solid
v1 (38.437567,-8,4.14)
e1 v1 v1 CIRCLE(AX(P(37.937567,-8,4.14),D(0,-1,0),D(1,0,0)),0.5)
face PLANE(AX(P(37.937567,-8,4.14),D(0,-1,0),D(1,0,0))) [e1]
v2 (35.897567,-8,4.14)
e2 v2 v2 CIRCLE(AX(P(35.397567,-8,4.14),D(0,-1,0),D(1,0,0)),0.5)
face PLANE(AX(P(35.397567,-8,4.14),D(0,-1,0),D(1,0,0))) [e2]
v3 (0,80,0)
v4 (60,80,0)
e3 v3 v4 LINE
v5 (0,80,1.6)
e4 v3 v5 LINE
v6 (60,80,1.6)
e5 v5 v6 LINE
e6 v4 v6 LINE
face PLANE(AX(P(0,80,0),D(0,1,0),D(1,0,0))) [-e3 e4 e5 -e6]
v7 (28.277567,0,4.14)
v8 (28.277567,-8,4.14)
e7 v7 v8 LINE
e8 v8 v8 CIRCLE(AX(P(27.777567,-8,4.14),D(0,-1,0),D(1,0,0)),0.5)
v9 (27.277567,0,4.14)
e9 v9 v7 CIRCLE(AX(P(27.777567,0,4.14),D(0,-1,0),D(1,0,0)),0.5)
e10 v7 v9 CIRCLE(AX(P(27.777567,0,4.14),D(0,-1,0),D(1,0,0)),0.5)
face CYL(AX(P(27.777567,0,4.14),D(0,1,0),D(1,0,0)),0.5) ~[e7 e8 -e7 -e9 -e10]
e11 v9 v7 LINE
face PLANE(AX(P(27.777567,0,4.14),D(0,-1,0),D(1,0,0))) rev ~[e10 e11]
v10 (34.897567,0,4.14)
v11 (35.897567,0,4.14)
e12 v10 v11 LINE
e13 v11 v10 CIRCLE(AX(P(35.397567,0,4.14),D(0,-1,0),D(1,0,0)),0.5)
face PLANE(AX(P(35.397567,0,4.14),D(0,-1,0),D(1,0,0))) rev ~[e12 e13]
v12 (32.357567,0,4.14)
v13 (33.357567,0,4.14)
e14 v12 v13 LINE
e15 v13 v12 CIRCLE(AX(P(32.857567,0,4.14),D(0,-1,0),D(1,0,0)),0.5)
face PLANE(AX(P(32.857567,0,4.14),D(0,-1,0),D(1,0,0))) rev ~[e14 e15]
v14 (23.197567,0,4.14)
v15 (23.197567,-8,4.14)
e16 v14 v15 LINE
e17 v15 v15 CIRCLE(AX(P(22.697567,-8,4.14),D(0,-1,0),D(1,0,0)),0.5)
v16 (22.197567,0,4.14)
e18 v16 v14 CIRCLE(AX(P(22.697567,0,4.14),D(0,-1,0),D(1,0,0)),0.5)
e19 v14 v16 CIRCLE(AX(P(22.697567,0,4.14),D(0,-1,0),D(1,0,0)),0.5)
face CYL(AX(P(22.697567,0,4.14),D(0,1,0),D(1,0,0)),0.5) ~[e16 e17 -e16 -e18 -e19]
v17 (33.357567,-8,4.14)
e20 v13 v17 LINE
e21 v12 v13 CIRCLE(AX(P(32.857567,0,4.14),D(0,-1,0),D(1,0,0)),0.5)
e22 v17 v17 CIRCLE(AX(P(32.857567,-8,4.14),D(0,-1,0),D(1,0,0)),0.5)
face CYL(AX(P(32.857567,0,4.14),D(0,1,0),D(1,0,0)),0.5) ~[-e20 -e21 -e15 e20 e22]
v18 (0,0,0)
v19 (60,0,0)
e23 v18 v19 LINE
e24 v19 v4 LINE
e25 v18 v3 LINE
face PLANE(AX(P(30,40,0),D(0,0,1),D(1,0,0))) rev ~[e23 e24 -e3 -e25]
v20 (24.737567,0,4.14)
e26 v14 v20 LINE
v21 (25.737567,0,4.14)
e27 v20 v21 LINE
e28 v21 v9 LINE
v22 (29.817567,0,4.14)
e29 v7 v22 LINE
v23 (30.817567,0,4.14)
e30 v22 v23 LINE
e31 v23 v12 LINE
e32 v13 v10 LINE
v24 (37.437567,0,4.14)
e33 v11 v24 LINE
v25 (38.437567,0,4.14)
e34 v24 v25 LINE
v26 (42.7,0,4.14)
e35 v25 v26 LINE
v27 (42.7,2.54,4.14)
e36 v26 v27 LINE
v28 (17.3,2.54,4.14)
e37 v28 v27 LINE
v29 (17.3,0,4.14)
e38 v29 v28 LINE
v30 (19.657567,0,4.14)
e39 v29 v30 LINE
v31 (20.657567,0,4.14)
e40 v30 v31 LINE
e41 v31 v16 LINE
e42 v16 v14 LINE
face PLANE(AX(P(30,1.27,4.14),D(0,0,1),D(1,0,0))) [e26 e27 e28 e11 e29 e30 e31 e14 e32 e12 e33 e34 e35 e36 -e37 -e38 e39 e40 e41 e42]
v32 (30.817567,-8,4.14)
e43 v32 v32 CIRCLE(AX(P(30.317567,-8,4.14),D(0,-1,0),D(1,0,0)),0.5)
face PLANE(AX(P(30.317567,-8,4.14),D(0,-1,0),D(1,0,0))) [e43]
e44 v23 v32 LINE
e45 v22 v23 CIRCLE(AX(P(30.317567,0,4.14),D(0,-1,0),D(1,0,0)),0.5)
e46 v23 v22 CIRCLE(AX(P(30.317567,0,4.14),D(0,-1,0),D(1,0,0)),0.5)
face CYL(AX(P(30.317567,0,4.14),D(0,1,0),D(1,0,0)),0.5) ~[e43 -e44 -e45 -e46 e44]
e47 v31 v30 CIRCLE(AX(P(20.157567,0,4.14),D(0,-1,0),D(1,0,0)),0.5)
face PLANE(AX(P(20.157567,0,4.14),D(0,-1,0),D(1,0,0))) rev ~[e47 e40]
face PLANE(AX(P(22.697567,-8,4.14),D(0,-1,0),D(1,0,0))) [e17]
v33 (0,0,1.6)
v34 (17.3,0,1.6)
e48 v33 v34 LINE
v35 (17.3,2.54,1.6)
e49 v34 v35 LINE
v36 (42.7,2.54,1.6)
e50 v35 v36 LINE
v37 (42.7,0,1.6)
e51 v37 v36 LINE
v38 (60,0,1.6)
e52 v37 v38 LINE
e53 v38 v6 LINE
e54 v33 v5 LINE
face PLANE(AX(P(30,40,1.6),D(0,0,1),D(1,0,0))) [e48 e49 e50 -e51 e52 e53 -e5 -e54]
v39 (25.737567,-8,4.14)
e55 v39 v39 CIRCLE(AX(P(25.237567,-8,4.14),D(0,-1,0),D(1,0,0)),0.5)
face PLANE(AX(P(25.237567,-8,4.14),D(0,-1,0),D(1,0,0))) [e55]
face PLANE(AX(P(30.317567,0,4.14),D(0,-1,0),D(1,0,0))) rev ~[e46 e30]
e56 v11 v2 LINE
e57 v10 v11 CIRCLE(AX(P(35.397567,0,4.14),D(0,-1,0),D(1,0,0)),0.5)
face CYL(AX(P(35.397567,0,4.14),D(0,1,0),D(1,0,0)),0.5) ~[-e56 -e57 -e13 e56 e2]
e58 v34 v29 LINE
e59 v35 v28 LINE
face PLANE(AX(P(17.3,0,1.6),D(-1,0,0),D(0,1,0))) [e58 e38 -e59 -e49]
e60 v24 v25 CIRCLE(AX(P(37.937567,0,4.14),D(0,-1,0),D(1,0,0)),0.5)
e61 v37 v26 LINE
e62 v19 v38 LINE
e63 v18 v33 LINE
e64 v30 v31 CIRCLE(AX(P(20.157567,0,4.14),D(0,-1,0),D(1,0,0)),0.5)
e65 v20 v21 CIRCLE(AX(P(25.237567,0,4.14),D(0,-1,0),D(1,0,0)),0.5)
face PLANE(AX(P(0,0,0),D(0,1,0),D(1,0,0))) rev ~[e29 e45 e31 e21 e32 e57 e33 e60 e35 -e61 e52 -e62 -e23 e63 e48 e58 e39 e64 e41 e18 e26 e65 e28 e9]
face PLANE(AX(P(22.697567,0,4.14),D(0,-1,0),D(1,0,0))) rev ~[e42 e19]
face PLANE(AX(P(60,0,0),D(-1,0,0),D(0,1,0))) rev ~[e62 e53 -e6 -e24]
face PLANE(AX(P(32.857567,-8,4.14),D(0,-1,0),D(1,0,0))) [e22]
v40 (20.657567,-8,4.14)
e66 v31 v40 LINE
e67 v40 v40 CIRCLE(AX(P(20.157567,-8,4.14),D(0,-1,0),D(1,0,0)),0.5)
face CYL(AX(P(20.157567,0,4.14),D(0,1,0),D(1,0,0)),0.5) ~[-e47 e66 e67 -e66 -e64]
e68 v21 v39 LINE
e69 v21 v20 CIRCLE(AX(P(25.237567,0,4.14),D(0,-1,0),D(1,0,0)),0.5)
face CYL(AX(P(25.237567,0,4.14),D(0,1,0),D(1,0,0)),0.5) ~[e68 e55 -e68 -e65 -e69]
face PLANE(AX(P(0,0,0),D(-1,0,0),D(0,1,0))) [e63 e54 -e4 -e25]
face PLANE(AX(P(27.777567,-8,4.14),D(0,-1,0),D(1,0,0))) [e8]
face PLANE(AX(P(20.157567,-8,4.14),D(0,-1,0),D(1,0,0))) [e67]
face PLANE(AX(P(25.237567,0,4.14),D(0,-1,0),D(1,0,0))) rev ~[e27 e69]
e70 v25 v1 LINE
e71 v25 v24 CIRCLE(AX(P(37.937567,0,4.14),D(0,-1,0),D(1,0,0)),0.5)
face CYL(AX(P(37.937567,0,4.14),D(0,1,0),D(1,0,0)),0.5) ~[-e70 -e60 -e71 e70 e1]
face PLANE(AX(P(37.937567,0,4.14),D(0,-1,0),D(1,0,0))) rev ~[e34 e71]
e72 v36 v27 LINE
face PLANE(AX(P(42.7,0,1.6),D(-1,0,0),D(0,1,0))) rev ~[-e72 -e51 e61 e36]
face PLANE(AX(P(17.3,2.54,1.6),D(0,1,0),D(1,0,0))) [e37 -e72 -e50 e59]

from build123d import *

# Parameters (mm, degrees)
F0_W     = 60
F0_H     = 80
F1_DEPTH = 1.6
F2_W     = 25.4
F2_H     = 2.54
F3_DEPTH = 2.54
F4_R     = 0.5
F5_DEPTH = 8


with BuildPart() as f1:
    # F0 (on Top) → F1 (new body)
    with BuildSketch(Plane.XY):
        with Locations((30, 40)):
            Rectangle(F0_W, F0_H)
    extrude(amount=F1_DEPTH)

    # F2 (on face) → F3 (join)
    with BuildSketch(Plane.XY.offset(1.6)):
        with Locations((30, 1.27)):
            Rectangle(F2_W, F2_H)
    extrude(amount=F3_DEPTH)

    # F4 (on face) → F5 (join)
    with BuildSketch(Plane.XZ):
        with Locations((20.157567, 4.14)):
            Circle(F4_R)
        with Locations((22.697567, 4.14)):
            Circle(F4_R)
        with Locations((25.237567, 4.14)):
            Circle(F4_R)
        with Locations((27.777567, 4.14)):
            Circle(F4_R)
        with Locations((30.317567, 4.14)):
            Circle(F4_R)
        with Locations((32.857567, 4.14)):
            Circle(F4_R)
        with Locations((35.397567, 4.14)):
            Circle(F4_R)
        with Locations((37.937567, 4.14)):
            Circle(F4_R)
    extrude(amount=F5_DEPTH)


solid = f1.part
